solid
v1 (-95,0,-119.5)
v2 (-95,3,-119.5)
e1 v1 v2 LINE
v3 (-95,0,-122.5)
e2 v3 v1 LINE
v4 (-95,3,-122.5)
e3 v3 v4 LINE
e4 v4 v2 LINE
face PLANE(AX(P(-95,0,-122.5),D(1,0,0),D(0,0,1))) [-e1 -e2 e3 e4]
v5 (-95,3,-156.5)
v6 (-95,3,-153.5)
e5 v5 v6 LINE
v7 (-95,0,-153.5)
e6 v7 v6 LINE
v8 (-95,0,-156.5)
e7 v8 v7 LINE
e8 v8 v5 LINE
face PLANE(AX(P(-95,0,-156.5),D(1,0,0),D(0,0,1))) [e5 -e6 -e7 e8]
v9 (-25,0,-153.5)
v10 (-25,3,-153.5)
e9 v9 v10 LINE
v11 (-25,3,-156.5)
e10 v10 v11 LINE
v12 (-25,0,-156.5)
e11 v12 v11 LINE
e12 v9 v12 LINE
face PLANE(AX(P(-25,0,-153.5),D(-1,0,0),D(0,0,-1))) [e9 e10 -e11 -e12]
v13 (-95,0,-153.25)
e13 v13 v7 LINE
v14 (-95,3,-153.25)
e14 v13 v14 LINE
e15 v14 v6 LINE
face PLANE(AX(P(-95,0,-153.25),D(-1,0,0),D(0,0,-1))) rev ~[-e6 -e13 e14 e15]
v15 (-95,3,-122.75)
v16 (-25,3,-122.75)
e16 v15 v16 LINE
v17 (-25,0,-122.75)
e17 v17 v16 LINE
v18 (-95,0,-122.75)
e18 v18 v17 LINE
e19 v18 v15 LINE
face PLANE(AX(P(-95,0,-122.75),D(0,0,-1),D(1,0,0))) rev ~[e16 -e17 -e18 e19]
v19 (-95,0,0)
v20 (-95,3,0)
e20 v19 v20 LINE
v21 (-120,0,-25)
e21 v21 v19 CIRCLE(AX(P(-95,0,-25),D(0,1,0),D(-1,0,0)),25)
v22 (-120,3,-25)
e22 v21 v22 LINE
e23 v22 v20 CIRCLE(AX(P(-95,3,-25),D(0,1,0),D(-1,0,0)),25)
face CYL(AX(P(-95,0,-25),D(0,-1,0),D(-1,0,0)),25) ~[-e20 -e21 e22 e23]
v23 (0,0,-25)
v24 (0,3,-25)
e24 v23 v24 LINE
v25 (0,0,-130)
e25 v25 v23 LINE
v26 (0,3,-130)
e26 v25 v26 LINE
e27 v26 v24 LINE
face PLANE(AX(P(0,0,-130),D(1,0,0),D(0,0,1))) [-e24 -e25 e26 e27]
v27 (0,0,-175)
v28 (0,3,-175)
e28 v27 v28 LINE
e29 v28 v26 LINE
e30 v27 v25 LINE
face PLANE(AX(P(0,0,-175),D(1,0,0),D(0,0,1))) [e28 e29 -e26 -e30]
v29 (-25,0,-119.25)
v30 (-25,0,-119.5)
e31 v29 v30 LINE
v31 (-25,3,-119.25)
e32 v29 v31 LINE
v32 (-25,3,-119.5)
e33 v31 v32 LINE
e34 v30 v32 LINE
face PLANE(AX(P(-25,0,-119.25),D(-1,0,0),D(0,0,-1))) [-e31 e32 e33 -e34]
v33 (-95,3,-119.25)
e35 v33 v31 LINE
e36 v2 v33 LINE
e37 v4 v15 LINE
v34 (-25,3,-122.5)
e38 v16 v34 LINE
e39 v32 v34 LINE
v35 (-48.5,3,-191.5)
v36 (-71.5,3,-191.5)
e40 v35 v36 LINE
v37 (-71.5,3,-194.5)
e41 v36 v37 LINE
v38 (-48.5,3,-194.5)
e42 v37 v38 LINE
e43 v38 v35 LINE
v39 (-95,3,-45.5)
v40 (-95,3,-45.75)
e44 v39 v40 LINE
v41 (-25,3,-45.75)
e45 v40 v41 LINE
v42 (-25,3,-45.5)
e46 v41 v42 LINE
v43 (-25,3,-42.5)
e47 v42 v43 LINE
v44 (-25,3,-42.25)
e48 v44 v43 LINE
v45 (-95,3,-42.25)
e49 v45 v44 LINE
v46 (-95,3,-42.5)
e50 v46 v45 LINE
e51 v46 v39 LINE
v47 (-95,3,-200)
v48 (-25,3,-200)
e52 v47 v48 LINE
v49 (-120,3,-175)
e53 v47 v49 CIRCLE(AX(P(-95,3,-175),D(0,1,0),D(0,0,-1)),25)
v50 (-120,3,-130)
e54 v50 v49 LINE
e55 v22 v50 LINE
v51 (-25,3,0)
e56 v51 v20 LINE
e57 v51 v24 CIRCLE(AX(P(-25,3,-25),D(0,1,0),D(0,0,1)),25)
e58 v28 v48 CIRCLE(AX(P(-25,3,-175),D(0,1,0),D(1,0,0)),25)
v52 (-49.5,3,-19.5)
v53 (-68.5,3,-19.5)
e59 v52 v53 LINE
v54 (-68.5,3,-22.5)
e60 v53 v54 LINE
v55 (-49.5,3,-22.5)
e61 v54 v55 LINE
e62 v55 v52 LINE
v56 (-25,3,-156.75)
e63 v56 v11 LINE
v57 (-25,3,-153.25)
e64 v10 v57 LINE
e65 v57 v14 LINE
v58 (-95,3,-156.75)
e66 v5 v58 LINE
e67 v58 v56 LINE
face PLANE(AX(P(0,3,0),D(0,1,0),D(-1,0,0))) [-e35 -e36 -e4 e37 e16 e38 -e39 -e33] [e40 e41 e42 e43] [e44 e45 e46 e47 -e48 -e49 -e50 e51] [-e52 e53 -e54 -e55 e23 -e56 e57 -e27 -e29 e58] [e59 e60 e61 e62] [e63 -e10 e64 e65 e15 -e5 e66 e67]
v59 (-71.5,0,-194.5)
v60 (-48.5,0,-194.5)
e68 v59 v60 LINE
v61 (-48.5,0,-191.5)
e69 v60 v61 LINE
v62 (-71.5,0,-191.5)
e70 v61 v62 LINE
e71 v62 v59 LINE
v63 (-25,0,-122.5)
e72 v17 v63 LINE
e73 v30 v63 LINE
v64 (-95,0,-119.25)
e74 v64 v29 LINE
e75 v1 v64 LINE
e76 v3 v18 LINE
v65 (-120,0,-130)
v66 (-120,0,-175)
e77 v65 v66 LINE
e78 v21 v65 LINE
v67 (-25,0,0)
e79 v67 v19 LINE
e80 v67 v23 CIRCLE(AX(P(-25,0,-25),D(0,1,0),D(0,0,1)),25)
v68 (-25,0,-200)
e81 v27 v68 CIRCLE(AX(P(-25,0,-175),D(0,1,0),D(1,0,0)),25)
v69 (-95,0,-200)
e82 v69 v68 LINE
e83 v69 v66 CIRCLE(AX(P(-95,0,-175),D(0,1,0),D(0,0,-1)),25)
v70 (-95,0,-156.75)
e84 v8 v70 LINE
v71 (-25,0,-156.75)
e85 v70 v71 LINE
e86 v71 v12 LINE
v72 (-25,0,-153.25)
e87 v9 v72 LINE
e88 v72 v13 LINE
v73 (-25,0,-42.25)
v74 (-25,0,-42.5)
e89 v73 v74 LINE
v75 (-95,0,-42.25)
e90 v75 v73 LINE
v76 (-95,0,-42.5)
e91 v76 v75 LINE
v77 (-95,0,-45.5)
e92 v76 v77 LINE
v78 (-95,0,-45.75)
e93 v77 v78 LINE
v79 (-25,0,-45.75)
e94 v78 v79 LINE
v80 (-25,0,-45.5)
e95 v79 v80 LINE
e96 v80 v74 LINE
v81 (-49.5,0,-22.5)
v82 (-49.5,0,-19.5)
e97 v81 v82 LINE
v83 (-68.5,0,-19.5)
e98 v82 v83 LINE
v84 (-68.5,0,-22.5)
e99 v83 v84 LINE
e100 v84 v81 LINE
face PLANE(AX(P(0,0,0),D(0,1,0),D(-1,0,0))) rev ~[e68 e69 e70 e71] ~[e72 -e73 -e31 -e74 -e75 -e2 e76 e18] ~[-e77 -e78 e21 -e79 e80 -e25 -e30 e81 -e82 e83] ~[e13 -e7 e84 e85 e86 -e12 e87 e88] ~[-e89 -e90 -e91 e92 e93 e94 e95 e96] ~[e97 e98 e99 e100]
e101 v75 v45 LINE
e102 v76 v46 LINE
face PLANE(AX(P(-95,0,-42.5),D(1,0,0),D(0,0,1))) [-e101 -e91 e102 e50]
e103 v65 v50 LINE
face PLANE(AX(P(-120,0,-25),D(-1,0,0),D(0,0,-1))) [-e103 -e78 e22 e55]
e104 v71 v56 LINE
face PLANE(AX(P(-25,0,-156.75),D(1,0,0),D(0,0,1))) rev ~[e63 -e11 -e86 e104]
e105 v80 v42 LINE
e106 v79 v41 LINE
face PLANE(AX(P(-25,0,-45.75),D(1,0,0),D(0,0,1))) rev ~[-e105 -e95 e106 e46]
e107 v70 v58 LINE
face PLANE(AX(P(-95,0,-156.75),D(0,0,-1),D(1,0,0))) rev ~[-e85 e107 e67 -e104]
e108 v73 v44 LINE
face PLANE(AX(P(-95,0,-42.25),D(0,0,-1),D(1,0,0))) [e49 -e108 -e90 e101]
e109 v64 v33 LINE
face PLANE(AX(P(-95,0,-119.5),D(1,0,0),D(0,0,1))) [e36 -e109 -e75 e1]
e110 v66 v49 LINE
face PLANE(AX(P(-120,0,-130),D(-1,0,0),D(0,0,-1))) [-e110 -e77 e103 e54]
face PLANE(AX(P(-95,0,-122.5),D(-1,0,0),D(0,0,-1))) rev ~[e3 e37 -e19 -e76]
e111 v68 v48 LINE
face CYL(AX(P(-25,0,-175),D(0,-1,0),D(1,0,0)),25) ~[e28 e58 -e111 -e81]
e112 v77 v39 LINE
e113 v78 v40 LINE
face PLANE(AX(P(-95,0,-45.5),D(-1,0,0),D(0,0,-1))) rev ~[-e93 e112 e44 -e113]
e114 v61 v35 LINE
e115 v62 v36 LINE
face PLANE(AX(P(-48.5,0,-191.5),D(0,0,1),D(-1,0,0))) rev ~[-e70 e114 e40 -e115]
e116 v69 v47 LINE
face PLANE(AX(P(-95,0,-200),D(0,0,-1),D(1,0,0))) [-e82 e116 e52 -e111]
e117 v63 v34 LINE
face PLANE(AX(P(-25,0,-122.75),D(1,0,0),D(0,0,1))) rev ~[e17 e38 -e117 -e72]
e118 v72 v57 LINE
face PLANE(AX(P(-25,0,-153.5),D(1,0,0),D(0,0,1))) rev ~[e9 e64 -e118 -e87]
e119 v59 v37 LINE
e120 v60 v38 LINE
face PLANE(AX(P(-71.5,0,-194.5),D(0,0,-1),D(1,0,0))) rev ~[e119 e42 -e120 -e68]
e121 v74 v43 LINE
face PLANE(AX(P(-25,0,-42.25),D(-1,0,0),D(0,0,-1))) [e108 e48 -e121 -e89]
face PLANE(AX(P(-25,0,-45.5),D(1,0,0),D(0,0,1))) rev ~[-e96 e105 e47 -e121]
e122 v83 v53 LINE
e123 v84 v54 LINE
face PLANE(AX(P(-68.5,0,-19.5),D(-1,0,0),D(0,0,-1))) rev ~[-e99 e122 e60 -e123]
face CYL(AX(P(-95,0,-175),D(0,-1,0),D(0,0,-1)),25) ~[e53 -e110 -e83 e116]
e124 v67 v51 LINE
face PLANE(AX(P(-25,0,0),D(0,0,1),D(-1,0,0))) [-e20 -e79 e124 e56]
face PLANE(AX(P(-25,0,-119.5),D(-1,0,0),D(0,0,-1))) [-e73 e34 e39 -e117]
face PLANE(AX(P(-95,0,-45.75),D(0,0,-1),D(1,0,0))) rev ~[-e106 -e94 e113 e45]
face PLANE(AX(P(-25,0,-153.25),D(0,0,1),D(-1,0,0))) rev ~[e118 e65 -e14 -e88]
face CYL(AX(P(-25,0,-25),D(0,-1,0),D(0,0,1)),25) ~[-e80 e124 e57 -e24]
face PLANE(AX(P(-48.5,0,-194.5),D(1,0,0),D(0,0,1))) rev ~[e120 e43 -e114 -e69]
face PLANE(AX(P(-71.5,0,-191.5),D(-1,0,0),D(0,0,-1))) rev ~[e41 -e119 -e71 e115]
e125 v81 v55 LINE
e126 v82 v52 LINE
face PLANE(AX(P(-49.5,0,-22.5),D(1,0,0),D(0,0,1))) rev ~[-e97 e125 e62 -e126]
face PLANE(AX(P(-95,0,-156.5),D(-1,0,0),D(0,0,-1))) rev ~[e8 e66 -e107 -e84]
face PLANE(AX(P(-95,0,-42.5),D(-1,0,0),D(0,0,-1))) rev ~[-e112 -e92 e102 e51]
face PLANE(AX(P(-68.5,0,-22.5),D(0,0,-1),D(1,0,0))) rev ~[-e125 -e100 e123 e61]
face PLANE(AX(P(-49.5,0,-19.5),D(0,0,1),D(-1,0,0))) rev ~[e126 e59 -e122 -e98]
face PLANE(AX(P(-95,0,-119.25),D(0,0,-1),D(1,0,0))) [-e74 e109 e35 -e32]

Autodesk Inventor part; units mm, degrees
ref_plane "YZ Plane" through (0, 0, 0) normal (1, 0, 0) x (0, 1, 0)
ref_plane "XZ Plane" through (0, 0, 0) normal (0, 1, 0) x (-1, 0, 0)
ref_plane "XY Plane" through (0, 0, 0) normal (0, 0, 1) x (1, 0, 0)
sketch "Sketch1" plane through (0, 0, 0) normal (0, 1, 0) x (-1, 0, 0)
  line L0 (25, 0) -> (95, 0)
  line L1 (120, -25) -> (120, -130)
  line L2 (120, -130) -> (0, -130) construction
  line L3 (0, -130) -> (0, -25)
  line L4 (0, -77.5) -> (25, -77.5) construction
  line L5 (25, -77.5) -> (25, -45.5) construction
  line L6 (25, -45.5) -> (25, -42.5)
  line L7 (25, -42.5) -> (95, -42.5) construction
  line L8 (95, -42.5) -> (95, -45.5)
  line L9 (95, -45.5) -> (25, -45.5) construction
  line L10 (25, -77.5) -> (25, -119.5) construction
  line L11 (25, -119.5) -> (25, -122.5)
  line L12 (25, -122.5) -> (95, -122.5) construction
  line L13 (95, -122.5) -> (95, -119.5)
  line L14 (95, -119.5) -> (25, -119.5) construction
  line L15 (0, -130) -> (120, -130) construction
  line L16 (120, -130) -> (120, -175)
  line L17 (95, -200) -> (25, -200)
  line L18 (0, -175) -> (0, -130)
  line L19 (25, -122.5) -> (25, -156.5) construction
  line L20 (25, -156.5) -> (95, -156.5) construction
  line L21 (95, -156.5) -> (95, -130) construction
  line L22 (95, -130) -> (25, -130) construction
  line L23 (25, -130) -> (25, -156.5) construction
  line L24 (60, -156.5) -> (60, -191.5) construction
  line L25 (60, -191.5) -> (48.5, -191.5) construction
  line L26 (48.5, -191.5) -> (48.5, -194.5) construction
  line L27 (48.5, -194.5) -> (60, -194.5) construction
  line L28 (60, -194.5) -> (60, -191.5) construction
  line L29 (48.5, -191.5) -> (71.5, -191.5)
  line L30 (71.5, -191.5) -> (71.5, -194.5)
  line L31 (71.5, -194.5) -> (48.5, -194.5)
  line L32 (48.5, -194.5) -> (48.5, -191.5)
  line L33 (25, -156.5) -> (95, -156.5) construction
  line L34 (95, -156.5) -> (95, -153.5)
  line L35 (95, -153.5) -> (25, -153.5) construction
  line L36 (25, -153.5) -> (25, -156.5)
  line L37 (60, -42.5) -> (60, -22.5) construction
  line L38 (60, -22.5) -> (68.5, -22.5) construction
  line L39 (68.5, -22.5) -> (49.5, -22.5)
  line L40 (49.5, -22.5) -> (49.5, -19.5)
  line L41 (49.5, -19.5) -> (68.5, -19.5)
  line L42 (68.5, -19.5) -> (68.5, -22.5)
  line L43 (95, -42.5) -> (95, -42.25)
  line L44 (95, -42.25) -> (25, -42.25)
  line L45 (25, -42.25) -> (25, -42.5)
  line L46 (95, -45.5) -> (95, -45.75)
  line L47 (95, -45.75) -> (25, -45.75)
  line L48 (25, -45.75) -> (25, -45.5)
  line L49 (95, -119.5) -> (95, -119.25)
  line L50 (95, -119.25) -> (25, -119.25)
  line L51 (25, -119.25) -> (25, -119.5)
  line L52 (95, -122.5) -> (95, -122.75)
  line L53 (95, -122.75) -> (25, -122.75)
  line L54 (25, -122.75) -> (25, -122.5)
  line L55 (95, -156.5) -> (95, -156.75)
  line L56 (95, -156.75) -> (25, -156.75)
  line L57 (25, -156.75) -> (25, -156.5)
  line L58 (25, -153.5) -> (25, -153.25)
  line L59 (25, -153.25) -> (95, -153.25)
  line L60 (95, -153.25) -> (95, -153.5)
  arc A0 (95, -200) -> (120, -175) centre (95, -175) ccw
  arc A1 (0, -175) -> (25, -200) centre (25, -175) ccw
  arc A2 (25, 0) -> (0, -25) centre (25, -25) ccw
  arc A3 (120, -25) -> (95, 0) centre (95, -25) ccw
  point P0 (0, 0)
  point P1 (120, 0)
  point P2 (120, -200)
  point P3 (0, -200)
  point P4 (100, -120)
  point P5 (100, -120)
  point P6 (25, -153.5)
  dimension "d0" = 120
  dimension "d1" = 130
  dimension "d2" = 25
  dimension "d3" = 32
  dimension "d4" = 3
  dimension "d5" = 70
  dimension "d6" = 42
  dimension "d7" = 3
  dimension "d8" = 70
  dimension "d11" = 70
  dimension "d12" = 34
  dimension "d14" = 35
  dimension "d15" = 11.5
  dimension "d16" = 3
  dimension "d17" = 23
  dimension "d18" = 3
  dimension "d19" = 70
  dimension "d20" = 3
  dimension "d24" = 20
  dimension "d25" = 8.5
  dimension "d26" = 19
  dimension "d27" = 3
  dimension "d28" = 70
  dimension "d29" = 0.25
  dimension "d30" = 70
  dimension "d31" = 0.25
  dimension "d32" = 0.25
  dimension "d33" = 70
  dimension "d34" = 0.25
  dimension "d35" = 0.25
  dimension "d36" = 70
  dimension "d37" = 0.25
  dimension "d38" = 0.25
  dimension "d39" = 70
  dimension "d40" = 0.25
  dimension "d41" = 0.25
  dimension "d42" = 70
  dimension "d43" = 0.25
  dimension "d44" = 0.25
  dimension "d45" = 70
  dimension "d46" = 0.25
  dimension "d47" = 25
  dimension "d48" = 25
extrude "Extrusion1" add sketch "Sketch1" along normal blind 3
properties part number "Base1" material "PMMA Plastic"
